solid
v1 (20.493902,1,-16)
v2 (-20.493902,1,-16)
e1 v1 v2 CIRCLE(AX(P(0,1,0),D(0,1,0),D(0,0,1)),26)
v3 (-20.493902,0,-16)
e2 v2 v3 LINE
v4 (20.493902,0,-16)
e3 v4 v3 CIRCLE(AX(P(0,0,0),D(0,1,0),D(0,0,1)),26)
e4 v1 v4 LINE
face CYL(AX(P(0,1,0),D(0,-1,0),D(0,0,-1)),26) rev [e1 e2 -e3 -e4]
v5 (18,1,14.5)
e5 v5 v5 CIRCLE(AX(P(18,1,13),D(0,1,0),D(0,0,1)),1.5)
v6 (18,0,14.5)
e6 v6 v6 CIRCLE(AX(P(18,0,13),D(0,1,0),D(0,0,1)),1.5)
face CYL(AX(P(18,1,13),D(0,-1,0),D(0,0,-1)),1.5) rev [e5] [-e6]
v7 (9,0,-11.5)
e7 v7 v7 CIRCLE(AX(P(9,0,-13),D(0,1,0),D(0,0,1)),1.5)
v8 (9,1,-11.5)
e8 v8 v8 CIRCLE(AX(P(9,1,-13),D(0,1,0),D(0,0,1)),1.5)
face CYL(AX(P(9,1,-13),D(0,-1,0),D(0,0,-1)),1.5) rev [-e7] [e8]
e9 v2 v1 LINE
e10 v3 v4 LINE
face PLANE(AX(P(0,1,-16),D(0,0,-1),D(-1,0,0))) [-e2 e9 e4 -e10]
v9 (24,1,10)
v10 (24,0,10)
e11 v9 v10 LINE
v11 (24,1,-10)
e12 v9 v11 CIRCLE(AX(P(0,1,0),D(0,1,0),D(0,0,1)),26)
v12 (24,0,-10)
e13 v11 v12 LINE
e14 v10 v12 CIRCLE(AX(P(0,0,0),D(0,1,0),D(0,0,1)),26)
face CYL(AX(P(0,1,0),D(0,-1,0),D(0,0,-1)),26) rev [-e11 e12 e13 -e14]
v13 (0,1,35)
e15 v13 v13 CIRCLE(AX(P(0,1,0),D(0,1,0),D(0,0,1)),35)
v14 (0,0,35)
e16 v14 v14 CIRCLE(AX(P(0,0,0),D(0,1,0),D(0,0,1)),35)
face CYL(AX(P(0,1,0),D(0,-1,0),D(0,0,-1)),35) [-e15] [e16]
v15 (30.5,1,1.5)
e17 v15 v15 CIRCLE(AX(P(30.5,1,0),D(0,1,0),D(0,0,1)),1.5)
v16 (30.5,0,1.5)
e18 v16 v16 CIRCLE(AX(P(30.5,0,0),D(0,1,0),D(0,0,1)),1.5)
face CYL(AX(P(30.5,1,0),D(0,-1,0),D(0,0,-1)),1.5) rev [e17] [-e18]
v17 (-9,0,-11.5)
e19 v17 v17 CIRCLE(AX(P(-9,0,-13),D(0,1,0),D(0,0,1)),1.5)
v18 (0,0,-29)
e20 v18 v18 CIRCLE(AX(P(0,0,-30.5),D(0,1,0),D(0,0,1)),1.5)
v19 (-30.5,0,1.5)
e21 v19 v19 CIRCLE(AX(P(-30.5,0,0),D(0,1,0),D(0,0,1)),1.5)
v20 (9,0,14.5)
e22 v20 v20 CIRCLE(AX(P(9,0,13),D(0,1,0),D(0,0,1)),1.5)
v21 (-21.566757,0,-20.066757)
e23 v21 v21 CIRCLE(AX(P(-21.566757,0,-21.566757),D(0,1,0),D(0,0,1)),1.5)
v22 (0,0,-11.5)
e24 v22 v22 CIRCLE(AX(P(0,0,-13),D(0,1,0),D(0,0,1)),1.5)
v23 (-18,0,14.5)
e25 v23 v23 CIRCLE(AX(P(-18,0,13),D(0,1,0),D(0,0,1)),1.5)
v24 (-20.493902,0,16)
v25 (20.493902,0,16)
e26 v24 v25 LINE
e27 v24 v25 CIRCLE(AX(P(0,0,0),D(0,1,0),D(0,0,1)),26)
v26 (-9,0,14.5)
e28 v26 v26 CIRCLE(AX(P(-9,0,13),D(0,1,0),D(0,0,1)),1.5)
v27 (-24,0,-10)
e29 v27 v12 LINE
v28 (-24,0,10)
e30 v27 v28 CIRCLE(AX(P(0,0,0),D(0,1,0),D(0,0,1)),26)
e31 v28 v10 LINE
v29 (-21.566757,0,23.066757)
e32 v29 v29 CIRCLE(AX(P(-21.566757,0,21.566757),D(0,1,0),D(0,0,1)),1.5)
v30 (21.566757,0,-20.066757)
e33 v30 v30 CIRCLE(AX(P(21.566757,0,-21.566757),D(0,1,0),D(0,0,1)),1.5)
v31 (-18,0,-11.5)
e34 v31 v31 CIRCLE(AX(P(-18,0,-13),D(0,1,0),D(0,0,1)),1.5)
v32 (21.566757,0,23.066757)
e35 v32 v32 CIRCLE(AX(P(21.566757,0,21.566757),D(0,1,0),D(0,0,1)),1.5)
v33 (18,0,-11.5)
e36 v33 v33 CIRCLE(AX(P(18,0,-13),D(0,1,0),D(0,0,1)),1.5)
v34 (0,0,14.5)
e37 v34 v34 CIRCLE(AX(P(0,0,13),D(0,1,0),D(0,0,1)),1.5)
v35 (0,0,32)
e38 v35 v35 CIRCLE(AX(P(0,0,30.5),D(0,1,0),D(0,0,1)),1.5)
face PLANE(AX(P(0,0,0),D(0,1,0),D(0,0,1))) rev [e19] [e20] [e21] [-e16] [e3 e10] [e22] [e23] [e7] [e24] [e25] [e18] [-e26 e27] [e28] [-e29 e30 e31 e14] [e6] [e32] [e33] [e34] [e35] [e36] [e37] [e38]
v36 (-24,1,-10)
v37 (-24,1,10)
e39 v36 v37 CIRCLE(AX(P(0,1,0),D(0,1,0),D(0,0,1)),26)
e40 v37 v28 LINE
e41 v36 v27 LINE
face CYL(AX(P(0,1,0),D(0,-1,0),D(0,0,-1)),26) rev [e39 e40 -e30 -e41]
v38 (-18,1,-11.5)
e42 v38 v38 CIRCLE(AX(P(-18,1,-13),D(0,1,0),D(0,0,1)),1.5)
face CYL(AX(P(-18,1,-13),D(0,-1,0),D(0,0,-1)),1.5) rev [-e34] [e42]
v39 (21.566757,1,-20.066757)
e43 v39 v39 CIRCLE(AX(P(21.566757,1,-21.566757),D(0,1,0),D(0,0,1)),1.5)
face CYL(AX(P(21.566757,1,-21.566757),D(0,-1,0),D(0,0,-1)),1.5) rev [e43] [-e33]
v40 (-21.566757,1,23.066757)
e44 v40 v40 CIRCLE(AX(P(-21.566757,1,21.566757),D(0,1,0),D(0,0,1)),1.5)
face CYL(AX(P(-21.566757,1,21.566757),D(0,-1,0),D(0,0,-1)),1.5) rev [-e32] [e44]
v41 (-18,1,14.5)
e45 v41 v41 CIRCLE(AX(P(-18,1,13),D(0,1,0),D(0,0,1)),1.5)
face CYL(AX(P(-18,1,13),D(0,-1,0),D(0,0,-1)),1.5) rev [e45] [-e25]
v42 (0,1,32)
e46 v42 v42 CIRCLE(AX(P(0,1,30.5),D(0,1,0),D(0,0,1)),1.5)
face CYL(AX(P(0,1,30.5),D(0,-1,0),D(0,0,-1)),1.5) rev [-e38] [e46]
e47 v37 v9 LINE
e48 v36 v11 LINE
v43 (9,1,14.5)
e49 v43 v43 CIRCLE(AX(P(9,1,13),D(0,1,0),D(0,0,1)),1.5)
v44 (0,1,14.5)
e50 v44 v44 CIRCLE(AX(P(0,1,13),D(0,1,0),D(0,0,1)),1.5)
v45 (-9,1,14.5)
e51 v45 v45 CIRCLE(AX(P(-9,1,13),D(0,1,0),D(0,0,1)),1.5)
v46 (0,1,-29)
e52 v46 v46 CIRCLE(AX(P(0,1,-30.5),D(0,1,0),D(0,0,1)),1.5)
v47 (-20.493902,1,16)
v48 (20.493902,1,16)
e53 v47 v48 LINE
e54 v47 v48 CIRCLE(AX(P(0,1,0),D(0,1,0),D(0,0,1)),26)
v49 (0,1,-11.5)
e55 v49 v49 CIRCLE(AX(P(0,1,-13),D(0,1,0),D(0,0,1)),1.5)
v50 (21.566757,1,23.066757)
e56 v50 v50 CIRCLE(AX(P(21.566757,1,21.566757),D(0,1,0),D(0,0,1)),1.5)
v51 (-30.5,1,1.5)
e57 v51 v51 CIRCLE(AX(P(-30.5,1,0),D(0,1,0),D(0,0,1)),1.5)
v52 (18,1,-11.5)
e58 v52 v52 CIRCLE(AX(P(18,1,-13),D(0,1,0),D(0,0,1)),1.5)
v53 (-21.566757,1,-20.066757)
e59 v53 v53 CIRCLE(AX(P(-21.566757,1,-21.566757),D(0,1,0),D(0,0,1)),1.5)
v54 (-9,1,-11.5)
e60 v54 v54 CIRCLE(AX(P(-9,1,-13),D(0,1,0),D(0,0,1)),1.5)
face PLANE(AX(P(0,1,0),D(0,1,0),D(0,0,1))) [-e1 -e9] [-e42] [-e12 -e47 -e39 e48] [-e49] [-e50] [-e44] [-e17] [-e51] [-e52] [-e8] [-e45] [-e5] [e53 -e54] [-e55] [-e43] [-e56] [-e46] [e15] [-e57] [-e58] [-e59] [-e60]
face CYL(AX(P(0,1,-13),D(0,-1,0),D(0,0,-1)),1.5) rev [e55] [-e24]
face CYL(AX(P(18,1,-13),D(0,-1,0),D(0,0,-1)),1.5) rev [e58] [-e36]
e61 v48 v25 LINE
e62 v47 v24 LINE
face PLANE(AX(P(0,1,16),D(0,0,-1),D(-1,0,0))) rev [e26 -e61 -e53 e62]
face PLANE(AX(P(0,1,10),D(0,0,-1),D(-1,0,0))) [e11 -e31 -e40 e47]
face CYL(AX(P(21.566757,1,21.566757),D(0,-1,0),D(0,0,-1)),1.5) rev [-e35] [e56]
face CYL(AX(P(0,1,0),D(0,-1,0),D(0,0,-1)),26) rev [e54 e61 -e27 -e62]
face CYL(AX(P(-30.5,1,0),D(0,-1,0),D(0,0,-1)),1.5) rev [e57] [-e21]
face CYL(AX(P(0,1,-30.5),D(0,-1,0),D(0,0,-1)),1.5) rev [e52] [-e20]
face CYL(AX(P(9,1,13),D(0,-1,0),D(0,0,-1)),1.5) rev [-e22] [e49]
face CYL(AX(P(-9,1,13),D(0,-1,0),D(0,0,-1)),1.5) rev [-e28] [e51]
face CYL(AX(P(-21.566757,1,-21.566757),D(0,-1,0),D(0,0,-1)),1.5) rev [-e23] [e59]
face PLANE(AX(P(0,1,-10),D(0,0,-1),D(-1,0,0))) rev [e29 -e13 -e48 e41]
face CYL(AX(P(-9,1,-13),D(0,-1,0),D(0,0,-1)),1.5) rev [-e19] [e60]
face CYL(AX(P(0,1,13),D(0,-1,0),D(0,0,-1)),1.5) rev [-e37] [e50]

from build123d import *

# Parameters (mm, degrees)
SKETCH_1_R      = 35
SKETCH_1_R_2    = 1.5
EXTRUDE_1_DEPTH = 1


with BuildPart() as part:
    # Эскиз1 → Бобышка-Вытянуть1 (new body)
    with BuildSketch(Plane(origin=(0, 0, 0), x_dir=(1, 0, 0), z_dir=(0, 1, 0))):
        Circle(SKETCH_1_R)
        with BuildLine():
            Line((24, -10), (-18, -10))
            Line((-18, -10), (-24, -10))
            ThreePointArc((-24, -10), (-26, 0), (-24, 10))
            Line((-24, 10), (-18, 10))
            Line((-18, 10), (24, 10))
            ThreePointArc((24, 10), (26, 0), (24, -10))
        make_face(mode=Mode.SUBTRACT)
        with BuildLine():
            Line((-20.493901532, -16), (20.493901532, -16))
            ThreePointArc((20.493901532, -16), (0, -26), (-20.493901532, -16))
        make_face(mode=Mode.SUBTRACT)
        with Locations((-18, -13)):
            Circle(SKETCH_1_R_2, mode=Mode.SUBTRACT)
        with Locations((-9, -13)):
            Circle(SKETCH_1_R_2, mode=Mode.SUBTRACT)
        with Locations((0, -13)):
            Circle(SKETCH_1_R_2, mode=Mode.SUBTRACT)
        with Locations((9, -13)):
            Circle(SKETCH_1_R_2, mode=Mode.SUBTRACT)
        with Locations((18, -13)):
            Circle(SKETCH_1_R_2, mode=Mode.SUBTRACT)
        with Locations((-21.566756826, -21.566756826)):
            Circle(SKETCH_1_R_2, mode=Mode.SUBTRACT)
        with Locations((-30.5, 0)):
            Circle(SKETCH_1_R_2, mode=Mode.SUBTRACT)
        with Locations((0, -30.5)):
            Circle(SKETCH_1_R_2, mode=Mode.SUBTRACT)
        with Locations((21.566756826, -21.566756826)):
            Circle(SKETCH_1_R_2, mode=Mode.SUBTRACT)
        with Locations((-21.566756826, 21.566756826)):
            Circle(SKETCH_1_R_2, mode=Mode.SUBTRACT)
        with BuildLine():
            ThreePointArc((-20.493901532, 16), (0, 26), (20.493901532, 16))
            Line((20.493901532, 16), (-20.493901532, 16))
        make_face(mode=Mode.SUBTRACT)
        with Locations((0, 30.5)):
            Circle(SKETCH_1_R_2, mode=Mode.SUBTRACT)
        with Locations((21.566756826, 21.566756826)):
            Circle(SKETCH_1_R_2, mode=Mode.SUBTRACT)
        with Locations((30.5, 0)):
            Circle(SKETCH_1_R_2, mode=Mode.SUBTRACT)
        with Locations((18, 13)):
            Circle(SKETCH_1_R_2, mode=Mode.SUBTRACT)
        with Locations((-18, 13)):
            Circle(SKETCH_1_R_2, mode=Mode.SUBTRACT)
        with Locations((-9, 13)):
            Circle(SKETCH_1_R_2, mode=Mode.SUBTRACT)
        with Locations((0, 13)):
            Circle(SKETCH_1_R_2, mode=Mode.SUBTRACT)
        with Locations((9, 13)):
            Circle(SKETCH_1_R_2, mode=Mode.SUBTRACT)
    extrude(amount=EXTRUDE_1_DEPTH)


solid = part.part
